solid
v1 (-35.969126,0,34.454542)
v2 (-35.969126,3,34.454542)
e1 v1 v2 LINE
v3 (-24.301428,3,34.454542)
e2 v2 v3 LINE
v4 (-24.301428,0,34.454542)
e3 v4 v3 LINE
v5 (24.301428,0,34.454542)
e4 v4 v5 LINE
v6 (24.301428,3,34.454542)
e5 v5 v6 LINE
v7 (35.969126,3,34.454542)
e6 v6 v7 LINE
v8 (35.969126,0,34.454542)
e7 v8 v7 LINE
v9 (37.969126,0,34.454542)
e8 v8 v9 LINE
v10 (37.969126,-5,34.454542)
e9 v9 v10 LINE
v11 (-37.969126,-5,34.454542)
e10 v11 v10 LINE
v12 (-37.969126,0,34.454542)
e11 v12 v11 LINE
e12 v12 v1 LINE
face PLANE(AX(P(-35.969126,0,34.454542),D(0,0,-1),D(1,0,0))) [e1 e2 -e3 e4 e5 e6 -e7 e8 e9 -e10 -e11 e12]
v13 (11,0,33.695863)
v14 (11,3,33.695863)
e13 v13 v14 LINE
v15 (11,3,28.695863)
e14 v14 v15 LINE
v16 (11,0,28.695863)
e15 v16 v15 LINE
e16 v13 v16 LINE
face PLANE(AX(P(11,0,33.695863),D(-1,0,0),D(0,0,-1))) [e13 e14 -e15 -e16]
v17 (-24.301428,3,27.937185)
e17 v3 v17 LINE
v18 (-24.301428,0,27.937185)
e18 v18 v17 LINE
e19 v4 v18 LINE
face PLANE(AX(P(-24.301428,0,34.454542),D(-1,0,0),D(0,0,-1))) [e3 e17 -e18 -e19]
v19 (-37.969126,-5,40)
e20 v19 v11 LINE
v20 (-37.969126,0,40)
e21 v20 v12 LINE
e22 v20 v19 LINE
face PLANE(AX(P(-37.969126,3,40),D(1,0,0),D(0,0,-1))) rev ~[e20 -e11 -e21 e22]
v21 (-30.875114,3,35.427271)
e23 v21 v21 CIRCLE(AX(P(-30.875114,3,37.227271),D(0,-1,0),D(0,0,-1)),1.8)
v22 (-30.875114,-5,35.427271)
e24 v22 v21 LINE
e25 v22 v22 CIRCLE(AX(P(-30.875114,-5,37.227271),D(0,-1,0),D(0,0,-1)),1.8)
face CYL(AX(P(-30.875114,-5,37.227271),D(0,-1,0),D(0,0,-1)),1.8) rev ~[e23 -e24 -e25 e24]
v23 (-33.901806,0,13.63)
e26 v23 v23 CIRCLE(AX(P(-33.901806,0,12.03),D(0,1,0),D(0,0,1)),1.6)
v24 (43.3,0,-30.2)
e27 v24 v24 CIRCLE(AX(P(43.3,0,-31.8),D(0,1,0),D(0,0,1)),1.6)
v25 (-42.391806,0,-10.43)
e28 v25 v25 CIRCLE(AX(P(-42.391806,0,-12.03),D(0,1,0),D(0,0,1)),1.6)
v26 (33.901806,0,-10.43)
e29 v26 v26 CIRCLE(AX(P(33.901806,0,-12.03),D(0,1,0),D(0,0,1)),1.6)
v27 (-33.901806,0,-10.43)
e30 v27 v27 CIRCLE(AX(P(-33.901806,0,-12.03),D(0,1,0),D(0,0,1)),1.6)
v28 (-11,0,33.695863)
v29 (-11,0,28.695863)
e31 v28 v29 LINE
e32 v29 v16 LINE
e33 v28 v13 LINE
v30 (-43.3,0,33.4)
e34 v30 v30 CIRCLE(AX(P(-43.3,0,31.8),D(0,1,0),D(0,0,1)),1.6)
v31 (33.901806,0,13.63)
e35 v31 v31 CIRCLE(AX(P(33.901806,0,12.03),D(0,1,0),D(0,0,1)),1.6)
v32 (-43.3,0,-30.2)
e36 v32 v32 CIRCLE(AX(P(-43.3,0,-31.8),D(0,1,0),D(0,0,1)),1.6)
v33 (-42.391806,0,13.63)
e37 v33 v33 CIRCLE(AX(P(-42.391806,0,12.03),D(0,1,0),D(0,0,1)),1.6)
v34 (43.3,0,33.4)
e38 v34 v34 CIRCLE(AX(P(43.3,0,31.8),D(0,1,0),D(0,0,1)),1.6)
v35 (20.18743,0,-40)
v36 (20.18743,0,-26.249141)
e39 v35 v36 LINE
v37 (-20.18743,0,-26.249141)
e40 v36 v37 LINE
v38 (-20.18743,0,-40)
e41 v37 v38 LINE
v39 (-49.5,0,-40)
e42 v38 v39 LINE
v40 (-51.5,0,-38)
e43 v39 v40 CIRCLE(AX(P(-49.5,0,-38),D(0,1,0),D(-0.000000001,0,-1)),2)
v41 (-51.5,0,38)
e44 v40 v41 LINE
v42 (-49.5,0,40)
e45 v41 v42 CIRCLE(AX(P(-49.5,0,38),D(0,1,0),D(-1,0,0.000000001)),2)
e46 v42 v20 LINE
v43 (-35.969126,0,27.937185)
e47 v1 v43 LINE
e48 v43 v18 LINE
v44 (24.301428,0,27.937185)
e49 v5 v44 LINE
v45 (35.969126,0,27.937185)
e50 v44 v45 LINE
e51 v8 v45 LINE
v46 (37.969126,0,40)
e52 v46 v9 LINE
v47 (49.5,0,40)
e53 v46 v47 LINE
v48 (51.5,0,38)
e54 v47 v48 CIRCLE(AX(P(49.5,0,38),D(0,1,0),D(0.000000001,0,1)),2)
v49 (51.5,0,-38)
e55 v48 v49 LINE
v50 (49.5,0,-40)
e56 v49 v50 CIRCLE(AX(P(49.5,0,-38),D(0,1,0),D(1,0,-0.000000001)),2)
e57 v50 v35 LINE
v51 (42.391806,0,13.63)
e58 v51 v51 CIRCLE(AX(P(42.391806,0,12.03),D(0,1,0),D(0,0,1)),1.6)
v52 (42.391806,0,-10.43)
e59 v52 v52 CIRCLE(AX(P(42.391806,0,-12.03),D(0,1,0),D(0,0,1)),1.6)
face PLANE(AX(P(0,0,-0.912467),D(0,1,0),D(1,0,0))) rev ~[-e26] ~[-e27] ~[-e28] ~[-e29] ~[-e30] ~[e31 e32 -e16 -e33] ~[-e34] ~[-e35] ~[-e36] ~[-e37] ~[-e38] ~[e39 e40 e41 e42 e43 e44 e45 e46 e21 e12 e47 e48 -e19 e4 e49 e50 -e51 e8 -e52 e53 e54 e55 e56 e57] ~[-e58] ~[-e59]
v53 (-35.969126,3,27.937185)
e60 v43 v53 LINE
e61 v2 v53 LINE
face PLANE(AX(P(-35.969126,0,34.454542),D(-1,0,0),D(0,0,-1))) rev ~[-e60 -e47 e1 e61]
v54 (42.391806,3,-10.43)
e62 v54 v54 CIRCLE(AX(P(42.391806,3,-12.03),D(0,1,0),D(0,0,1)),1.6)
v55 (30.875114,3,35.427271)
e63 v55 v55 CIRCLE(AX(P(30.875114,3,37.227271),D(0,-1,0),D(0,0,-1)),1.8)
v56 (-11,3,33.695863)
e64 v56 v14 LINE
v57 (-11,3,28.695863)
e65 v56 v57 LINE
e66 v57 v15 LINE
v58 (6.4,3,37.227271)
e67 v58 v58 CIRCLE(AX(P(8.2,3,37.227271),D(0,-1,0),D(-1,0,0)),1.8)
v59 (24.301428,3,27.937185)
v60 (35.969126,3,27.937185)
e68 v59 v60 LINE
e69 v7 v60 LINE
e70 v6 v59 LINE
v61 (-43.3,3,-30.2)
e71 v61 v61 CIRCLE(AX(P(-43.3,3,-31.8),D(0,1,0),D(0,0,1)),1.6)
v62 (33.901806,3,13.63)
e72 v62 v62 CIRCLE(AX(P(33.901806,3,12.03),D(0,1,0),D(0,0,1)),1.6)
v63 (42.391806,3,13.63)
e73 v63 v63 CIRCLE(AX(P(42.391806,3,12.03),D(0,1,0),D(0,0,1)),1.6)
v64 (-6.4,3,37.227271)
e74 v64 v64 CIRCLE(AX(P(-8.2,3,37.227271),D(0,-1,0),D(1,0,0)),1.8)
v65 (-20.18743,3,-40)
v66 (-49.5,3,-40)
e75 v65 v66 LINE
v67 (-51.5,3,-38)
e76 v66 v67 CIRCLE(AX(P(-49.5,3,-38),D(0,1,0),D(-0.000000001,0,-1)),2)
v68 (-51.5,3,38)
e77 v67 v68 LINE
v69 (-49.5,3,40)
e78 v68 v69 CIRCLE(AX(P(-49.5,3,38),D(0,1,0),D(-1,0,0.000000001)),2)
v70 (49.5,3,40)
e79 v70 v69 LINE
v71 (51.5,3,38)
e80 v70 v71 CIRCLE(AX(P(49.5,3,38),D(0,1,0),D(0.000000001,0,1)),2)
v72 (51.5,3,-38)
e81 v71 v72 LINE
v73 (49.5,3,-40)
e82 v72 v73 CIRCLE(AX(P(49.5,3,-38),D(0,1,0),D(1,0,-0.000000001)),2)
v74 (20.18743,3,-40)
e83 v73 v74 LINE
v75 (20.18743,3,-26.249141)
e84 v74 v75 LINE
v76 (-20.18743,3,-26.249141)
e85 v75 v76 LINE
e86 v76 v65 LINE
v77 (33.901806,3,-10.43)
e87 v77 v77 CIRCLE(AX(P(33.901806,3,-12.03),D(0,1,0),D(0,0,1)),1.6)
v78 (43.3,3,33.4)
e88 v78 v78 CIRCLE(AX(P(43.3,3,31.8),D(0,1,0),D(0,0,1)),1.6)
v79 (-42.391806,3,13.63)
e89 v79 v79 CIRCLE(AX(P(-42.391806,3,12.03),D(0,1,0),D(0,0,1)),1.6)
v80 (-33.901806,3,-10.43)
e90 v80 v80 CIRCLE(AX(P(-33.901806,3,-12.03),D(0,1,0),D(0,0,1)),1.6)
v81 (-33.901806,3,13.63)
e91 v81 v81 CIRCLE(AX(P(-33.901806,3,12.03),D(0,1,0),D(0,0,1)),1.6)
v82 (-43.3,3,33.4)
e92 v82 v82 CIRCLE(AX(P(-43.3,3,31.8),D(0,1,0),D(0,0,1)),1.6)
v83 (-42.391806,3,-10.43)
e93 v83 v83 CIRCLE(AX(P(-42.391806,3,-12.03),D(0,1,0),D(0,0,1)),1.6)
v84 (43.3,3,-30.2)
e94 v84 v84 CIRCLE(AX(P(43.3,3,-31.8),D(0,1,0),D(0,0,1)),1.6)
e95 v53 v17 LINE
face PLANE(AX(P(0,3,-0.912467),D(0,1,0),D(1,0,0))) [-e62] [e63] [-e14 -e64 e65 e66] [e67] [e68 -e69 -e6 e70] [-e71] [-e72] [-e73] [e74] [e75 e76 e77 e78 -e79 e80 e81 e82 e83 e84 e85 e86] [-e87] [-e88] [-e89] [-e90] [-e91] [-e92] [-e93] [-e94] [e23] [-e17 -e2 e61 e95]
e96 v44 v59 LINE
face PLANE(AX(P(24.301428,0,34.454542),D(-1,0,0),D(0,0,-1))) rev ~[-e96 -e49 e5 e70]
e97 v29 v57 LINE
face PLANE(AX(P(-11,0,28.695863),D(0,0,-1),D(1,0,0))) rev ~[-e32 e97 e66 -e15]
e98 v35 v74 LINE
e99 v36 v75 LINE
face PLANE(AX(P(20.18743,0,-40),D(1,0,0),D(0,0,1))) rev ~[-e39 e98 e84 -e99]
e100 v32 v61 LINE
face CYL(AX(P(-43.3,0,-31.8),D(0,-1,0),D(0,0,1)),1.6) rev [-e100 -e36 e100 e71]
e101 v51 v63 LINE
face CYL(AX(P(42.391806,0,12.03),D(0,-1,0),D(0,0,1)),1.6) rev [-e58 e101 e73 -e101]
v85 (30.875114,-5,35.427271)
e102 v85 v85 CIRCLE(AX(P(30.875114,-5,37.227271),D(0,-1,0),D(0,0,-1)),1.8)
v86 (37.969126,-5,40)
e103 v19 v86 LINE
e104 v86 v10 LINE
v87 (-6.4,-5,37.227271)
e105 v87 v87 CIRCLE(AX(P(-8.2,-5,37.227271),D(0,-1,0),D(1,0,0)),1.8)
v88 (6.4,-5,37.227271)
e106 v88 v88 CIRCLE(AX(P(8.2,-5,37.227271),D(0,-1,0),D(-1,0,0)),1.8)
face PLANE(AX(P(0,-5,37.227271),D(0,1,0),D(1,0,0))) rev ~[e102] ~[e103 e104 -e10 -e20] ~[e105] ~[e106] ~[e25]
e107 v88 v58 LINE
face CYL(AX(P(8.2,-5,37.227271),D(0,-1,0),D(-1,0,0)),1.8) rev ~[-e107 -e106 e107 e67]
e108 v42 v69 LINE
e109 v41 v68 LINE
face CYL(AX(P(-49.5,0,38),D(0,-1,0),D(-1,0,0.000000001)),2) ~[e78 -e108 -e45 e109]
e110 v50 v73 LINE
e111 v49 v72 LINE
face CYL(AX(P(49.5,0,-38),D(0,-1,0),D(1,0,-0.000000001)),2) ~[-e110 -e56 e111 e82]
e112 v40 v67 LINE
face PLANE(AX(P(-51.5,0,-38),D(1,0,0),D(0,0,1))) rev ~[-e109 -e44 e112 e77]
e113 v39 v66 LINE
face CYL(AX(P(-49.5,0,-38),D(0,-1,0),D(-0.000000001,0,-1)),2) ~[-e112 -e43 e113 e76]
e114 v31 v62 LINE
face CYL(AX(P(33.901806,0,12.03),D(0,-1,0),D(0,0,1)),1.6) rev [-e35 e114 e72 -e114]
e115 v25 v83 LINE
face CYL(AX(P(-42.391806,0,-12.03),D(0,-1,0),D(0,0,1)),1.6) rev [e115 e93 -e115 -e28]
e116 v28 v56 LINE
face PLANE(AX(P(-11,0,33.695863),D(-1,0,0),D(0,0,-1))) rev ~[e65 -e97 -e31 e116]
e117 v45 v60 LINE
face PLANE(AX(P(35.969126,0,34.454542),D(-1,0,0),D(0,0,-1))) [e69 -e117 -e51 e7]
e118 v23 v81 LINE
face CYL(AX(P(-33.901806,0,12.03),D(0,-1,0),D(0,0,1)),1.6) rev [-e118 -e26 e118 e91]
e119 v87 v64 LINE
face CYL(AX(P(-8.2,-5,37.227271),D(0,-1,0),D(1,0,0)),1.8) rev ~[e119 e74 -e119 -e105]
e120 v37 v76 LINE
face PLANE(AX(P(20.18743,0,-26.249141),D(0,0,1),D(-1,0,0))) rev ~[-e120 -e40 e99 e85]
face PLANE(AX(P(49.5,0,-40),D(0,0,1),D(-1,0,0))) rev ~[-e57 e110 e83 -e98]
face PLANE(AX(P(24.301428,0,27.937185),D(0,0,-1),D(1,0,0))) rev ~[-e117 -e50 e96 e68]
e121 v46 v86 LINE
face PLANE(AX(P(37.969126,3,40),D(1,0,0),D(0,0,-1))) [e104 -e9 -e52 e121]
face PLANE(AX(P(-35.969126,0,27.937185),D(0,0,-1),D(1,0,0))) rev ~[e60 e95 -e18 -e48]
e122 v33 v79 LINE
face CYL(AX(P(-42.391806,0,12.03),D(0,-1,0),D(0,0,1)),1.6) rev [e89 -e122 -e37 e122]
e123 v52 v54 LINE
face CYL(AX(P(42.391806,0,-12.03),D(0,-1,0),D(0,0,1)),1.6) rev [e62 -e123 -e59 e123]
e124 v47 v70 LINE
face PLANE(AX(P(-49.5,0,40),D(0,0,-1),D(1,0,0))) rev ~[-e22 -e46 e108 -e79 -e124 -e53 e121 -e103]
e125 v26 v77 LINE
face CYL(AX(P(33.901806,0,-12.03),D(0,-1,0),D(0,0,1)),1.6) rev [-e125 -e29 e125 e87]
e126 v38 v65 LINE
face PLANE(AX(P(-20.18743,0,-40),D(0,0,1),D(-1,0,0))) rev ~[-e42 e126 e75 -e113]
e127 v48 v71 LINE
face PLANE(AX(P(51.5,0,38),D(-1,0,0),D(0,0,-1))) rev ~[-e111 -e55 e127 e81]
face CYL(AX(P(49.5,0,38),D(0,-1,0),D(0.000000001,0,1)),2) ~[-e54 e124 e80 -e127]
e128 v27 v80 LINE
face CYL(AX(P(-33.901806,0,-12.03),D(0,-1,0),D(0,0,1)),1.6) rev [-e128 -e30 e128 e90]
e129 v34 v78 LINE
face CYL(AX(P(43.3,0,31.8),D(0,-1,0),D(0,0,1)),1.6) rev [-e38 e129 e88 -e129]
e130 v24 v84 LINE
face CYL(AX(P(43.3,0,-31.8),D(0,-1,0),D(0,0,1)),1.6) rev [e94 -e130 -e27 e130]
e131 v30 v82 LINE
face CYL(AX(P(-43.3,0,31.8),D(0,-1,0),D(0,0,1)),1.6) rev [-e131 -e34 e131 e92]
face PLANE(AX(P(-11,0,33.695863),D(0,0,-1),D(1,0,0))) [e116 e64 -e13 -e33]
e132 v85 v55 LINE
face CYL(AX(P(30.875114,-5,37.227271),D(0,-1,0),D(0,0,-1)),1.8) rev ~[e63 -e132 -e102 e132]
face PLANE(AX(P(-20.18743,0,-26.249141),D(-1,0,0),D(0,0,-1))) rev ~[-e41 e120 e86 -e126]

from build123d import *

# Parameters (mm, degrees)
SKETCH_1_R          = 1.6
SKETCH_1_W          = 11.667697598
SKETCH_1_H          = 6.517356375
SKETCH_1_W_2        = 22
SKETCH_1_H_2        = 5
EXTRUDE_1_DEPTH     = 3
SKETCH_2_W          = 75.93825213
SKETCH_2_H          = 5.545458332
EXTRUDE_2_DEPTH     = 8
SKETCH_3_R          = 1.8
CUT_EXTRUDE_1_DEPTH = 15


with BuildPart() as part:
    # 草图1 → 凸台-拉伸1 (new body)
    with BuildSketch(Plane(origin=(0, 0, 0), x_dir=(1, 0, 0), z_dir=(0, 1, 0))):
        with BuildLine():
            Line((-49.5, -40), (49.5, -40))
            ThreePointArc((49.5, -40), (50.914213562, -39.414213562), (51.5, -38))
            Line((51.5, -38), (51.5, 38))
            ThreePointArc((51.5, 38), (50.914213562, 39.414213562), (49.5, 40))
            Line((49.5, 40), (20.187430173, 40))
            Line((20.187430173, 40), (20.187430173, 26.249140852))
            Line((20.187430173, 26.249140852), (-20.187430173, 26.249140852))
            Line((-20.187430173, 26.249140852), (-20.187430173, 40))
            Line((-20.187430173, 40), (-49.5, 40))
            ThreePointArc((-49.5, 40), (-50.914213562, 39.414213562), (-51.5, 38))
            Line((-51.5, 38), (-51.5, -38))
            ThreePointArc((-51.5, -38), (-50.914213562, -39.414213562), (-49.5, -40))
        make_face()
        with Locations(Location((-43.3, -31.8, 0), (0, 0, 270))):
            Circle(SKETCH_1_R, mode=Mode.SUBTRACT)
        with Locations((-30.135277266, -31.195863481)):
            Rectangle(SKETCH_1_W, SKETCH_1_H, mode=Mode.SUBTRACT)
        with Locations(Location((-42.391806281, -12.03, 0), (0, 0, 270))):
            Circle(SKETCH_1_R, mode=Mode.SUBTRACT)
        with Locations(Location((-33.901806281, -12.03, 0), (0, 0, 270))):
            Circle(SKETCH_1_R, mode=Mode.SUBTRACT)
        with Locations((0, -31.19586348)):
            Rectangle(SKETCH_1_W_2, SKETCH_1_H_2, mode=Mode.SUBTRACT)
        with Locations((30.135277266, -31.195863481)):
            Rectangle(SKETCH_1_W, SKETCH_1_H, mode=Mode.SUBTRACT)
        with Locations(Location((43.3, -31.8, 0), (0, 0, 270))):
            Circle(SKETCH_1_R, mode=Mode.SUBTRACT)
        with Locations(Location((33.901806281, -12.03, 0), (0, 0, 270))):
            Circle(SKETCH_1_R, mode=Mode.SUBTRACT)
        with Locations(Location((42.391806281, -12.03, 0), (0, 0, 270))):
            Circle(SKETCH_1_R, mode=Mode.SUBTRACT)
        with Locations(Location((-42.391806281, 12.03, 0), (0, 0, 270))):
            Circle(SKETCH_1_R, mode=Mode.SUBTRACT)
        with Locations(Location((-33.901806281, 12.03, 0), (0, 0, 270))):
            Circle(SKETCH_1_R, mode=Mode.SUBTRACT)
        with Locations(Location((-43.3, 31.8, 0), (0, 0, 270))):
            Circle(SKETCH_1_R, mode=Mode.SUBTRACT)
        with Locations(Location((33.901806281, 12.03, 0), (0, 0, 270))):
            Circle(SKETCH_1_R, mode=Mode.SUBTRACT)
        with Locations(Location((42.391806281, 12.03, 0), (0, 0, 270))):
            Circle(SKETCH_1_R, mode=Mode.SUBTRACT)
        with Locations(Location((43.3, 31.8, 0), (0, 0, 270))):
            Circle(SKETCH_1_R, mode=Mode.SUBTRACT)
    extrude(amount=EXTRUDE_1_DEPTH)

    # 草图2 → 凸台-拉伸2 (add)
    with BuildSketch(Plane(origin=(0, 3, 0), x_dir=(1, 0, 0), z_dir=(0, 1, 0))):
        with Locations((0, -37.227270834)):
            Rectangle(SKETCH_2_W, SKETCH_2_H)
    extrude(amount=-EXTRUDE_2_DEPTH)

    # 草图3 → 切除-拉伸1 (cut)
    with BuildSketch(Plane(origin=(0, -5, 0), x_dir=(-1, 0, 0), z_dir=(0, -1, 0))):
        with Locations(Location((30.875113943, -37.227270834, 0), (0, 0, 90))):
            Circle(SKETCH_3_R)
        with BuildLine():
            ThreePointArc((10, -37.227270834), (8.2, -35.427270834), (6.4, -37.227270834))
            Line((6.4, -37.227270834), (10, -37.227270834))
        make_face()
        with BuildLine():
            Line((10, -37.227270834), (6.4, -37.227270834))
            ThreePointArc((6.4, -37.227270834), (8.2, -39.027270834), (10, -37.227270834))
        make_face()
        with BuildLine():
            ThreePointArc((-10, -37.227270834), (-8.2, -39.027270834), (-6.4, -37.227270834))
            Line((-6.4, -37.227270834), (-10, -37.227270834))
        make_face()
        with BuildLine():
            Line((-10, -37.227270834), (-6.4, -37.227270834))
            ThreePointArc((-6.4, -37.227270834), (-8.2, -35.427270834), (-10, -37.227270834))
        make_face()
        with Locations(Location((-30.875113943, -37.227270834, 0), (0, 0, 90))):
            Circle(SKETCH_3_R)
    extrude(amount=-CUT_EXTRUDE_1_DEPTH, mode=Mode.SUBTRACT)


solid = part.part
